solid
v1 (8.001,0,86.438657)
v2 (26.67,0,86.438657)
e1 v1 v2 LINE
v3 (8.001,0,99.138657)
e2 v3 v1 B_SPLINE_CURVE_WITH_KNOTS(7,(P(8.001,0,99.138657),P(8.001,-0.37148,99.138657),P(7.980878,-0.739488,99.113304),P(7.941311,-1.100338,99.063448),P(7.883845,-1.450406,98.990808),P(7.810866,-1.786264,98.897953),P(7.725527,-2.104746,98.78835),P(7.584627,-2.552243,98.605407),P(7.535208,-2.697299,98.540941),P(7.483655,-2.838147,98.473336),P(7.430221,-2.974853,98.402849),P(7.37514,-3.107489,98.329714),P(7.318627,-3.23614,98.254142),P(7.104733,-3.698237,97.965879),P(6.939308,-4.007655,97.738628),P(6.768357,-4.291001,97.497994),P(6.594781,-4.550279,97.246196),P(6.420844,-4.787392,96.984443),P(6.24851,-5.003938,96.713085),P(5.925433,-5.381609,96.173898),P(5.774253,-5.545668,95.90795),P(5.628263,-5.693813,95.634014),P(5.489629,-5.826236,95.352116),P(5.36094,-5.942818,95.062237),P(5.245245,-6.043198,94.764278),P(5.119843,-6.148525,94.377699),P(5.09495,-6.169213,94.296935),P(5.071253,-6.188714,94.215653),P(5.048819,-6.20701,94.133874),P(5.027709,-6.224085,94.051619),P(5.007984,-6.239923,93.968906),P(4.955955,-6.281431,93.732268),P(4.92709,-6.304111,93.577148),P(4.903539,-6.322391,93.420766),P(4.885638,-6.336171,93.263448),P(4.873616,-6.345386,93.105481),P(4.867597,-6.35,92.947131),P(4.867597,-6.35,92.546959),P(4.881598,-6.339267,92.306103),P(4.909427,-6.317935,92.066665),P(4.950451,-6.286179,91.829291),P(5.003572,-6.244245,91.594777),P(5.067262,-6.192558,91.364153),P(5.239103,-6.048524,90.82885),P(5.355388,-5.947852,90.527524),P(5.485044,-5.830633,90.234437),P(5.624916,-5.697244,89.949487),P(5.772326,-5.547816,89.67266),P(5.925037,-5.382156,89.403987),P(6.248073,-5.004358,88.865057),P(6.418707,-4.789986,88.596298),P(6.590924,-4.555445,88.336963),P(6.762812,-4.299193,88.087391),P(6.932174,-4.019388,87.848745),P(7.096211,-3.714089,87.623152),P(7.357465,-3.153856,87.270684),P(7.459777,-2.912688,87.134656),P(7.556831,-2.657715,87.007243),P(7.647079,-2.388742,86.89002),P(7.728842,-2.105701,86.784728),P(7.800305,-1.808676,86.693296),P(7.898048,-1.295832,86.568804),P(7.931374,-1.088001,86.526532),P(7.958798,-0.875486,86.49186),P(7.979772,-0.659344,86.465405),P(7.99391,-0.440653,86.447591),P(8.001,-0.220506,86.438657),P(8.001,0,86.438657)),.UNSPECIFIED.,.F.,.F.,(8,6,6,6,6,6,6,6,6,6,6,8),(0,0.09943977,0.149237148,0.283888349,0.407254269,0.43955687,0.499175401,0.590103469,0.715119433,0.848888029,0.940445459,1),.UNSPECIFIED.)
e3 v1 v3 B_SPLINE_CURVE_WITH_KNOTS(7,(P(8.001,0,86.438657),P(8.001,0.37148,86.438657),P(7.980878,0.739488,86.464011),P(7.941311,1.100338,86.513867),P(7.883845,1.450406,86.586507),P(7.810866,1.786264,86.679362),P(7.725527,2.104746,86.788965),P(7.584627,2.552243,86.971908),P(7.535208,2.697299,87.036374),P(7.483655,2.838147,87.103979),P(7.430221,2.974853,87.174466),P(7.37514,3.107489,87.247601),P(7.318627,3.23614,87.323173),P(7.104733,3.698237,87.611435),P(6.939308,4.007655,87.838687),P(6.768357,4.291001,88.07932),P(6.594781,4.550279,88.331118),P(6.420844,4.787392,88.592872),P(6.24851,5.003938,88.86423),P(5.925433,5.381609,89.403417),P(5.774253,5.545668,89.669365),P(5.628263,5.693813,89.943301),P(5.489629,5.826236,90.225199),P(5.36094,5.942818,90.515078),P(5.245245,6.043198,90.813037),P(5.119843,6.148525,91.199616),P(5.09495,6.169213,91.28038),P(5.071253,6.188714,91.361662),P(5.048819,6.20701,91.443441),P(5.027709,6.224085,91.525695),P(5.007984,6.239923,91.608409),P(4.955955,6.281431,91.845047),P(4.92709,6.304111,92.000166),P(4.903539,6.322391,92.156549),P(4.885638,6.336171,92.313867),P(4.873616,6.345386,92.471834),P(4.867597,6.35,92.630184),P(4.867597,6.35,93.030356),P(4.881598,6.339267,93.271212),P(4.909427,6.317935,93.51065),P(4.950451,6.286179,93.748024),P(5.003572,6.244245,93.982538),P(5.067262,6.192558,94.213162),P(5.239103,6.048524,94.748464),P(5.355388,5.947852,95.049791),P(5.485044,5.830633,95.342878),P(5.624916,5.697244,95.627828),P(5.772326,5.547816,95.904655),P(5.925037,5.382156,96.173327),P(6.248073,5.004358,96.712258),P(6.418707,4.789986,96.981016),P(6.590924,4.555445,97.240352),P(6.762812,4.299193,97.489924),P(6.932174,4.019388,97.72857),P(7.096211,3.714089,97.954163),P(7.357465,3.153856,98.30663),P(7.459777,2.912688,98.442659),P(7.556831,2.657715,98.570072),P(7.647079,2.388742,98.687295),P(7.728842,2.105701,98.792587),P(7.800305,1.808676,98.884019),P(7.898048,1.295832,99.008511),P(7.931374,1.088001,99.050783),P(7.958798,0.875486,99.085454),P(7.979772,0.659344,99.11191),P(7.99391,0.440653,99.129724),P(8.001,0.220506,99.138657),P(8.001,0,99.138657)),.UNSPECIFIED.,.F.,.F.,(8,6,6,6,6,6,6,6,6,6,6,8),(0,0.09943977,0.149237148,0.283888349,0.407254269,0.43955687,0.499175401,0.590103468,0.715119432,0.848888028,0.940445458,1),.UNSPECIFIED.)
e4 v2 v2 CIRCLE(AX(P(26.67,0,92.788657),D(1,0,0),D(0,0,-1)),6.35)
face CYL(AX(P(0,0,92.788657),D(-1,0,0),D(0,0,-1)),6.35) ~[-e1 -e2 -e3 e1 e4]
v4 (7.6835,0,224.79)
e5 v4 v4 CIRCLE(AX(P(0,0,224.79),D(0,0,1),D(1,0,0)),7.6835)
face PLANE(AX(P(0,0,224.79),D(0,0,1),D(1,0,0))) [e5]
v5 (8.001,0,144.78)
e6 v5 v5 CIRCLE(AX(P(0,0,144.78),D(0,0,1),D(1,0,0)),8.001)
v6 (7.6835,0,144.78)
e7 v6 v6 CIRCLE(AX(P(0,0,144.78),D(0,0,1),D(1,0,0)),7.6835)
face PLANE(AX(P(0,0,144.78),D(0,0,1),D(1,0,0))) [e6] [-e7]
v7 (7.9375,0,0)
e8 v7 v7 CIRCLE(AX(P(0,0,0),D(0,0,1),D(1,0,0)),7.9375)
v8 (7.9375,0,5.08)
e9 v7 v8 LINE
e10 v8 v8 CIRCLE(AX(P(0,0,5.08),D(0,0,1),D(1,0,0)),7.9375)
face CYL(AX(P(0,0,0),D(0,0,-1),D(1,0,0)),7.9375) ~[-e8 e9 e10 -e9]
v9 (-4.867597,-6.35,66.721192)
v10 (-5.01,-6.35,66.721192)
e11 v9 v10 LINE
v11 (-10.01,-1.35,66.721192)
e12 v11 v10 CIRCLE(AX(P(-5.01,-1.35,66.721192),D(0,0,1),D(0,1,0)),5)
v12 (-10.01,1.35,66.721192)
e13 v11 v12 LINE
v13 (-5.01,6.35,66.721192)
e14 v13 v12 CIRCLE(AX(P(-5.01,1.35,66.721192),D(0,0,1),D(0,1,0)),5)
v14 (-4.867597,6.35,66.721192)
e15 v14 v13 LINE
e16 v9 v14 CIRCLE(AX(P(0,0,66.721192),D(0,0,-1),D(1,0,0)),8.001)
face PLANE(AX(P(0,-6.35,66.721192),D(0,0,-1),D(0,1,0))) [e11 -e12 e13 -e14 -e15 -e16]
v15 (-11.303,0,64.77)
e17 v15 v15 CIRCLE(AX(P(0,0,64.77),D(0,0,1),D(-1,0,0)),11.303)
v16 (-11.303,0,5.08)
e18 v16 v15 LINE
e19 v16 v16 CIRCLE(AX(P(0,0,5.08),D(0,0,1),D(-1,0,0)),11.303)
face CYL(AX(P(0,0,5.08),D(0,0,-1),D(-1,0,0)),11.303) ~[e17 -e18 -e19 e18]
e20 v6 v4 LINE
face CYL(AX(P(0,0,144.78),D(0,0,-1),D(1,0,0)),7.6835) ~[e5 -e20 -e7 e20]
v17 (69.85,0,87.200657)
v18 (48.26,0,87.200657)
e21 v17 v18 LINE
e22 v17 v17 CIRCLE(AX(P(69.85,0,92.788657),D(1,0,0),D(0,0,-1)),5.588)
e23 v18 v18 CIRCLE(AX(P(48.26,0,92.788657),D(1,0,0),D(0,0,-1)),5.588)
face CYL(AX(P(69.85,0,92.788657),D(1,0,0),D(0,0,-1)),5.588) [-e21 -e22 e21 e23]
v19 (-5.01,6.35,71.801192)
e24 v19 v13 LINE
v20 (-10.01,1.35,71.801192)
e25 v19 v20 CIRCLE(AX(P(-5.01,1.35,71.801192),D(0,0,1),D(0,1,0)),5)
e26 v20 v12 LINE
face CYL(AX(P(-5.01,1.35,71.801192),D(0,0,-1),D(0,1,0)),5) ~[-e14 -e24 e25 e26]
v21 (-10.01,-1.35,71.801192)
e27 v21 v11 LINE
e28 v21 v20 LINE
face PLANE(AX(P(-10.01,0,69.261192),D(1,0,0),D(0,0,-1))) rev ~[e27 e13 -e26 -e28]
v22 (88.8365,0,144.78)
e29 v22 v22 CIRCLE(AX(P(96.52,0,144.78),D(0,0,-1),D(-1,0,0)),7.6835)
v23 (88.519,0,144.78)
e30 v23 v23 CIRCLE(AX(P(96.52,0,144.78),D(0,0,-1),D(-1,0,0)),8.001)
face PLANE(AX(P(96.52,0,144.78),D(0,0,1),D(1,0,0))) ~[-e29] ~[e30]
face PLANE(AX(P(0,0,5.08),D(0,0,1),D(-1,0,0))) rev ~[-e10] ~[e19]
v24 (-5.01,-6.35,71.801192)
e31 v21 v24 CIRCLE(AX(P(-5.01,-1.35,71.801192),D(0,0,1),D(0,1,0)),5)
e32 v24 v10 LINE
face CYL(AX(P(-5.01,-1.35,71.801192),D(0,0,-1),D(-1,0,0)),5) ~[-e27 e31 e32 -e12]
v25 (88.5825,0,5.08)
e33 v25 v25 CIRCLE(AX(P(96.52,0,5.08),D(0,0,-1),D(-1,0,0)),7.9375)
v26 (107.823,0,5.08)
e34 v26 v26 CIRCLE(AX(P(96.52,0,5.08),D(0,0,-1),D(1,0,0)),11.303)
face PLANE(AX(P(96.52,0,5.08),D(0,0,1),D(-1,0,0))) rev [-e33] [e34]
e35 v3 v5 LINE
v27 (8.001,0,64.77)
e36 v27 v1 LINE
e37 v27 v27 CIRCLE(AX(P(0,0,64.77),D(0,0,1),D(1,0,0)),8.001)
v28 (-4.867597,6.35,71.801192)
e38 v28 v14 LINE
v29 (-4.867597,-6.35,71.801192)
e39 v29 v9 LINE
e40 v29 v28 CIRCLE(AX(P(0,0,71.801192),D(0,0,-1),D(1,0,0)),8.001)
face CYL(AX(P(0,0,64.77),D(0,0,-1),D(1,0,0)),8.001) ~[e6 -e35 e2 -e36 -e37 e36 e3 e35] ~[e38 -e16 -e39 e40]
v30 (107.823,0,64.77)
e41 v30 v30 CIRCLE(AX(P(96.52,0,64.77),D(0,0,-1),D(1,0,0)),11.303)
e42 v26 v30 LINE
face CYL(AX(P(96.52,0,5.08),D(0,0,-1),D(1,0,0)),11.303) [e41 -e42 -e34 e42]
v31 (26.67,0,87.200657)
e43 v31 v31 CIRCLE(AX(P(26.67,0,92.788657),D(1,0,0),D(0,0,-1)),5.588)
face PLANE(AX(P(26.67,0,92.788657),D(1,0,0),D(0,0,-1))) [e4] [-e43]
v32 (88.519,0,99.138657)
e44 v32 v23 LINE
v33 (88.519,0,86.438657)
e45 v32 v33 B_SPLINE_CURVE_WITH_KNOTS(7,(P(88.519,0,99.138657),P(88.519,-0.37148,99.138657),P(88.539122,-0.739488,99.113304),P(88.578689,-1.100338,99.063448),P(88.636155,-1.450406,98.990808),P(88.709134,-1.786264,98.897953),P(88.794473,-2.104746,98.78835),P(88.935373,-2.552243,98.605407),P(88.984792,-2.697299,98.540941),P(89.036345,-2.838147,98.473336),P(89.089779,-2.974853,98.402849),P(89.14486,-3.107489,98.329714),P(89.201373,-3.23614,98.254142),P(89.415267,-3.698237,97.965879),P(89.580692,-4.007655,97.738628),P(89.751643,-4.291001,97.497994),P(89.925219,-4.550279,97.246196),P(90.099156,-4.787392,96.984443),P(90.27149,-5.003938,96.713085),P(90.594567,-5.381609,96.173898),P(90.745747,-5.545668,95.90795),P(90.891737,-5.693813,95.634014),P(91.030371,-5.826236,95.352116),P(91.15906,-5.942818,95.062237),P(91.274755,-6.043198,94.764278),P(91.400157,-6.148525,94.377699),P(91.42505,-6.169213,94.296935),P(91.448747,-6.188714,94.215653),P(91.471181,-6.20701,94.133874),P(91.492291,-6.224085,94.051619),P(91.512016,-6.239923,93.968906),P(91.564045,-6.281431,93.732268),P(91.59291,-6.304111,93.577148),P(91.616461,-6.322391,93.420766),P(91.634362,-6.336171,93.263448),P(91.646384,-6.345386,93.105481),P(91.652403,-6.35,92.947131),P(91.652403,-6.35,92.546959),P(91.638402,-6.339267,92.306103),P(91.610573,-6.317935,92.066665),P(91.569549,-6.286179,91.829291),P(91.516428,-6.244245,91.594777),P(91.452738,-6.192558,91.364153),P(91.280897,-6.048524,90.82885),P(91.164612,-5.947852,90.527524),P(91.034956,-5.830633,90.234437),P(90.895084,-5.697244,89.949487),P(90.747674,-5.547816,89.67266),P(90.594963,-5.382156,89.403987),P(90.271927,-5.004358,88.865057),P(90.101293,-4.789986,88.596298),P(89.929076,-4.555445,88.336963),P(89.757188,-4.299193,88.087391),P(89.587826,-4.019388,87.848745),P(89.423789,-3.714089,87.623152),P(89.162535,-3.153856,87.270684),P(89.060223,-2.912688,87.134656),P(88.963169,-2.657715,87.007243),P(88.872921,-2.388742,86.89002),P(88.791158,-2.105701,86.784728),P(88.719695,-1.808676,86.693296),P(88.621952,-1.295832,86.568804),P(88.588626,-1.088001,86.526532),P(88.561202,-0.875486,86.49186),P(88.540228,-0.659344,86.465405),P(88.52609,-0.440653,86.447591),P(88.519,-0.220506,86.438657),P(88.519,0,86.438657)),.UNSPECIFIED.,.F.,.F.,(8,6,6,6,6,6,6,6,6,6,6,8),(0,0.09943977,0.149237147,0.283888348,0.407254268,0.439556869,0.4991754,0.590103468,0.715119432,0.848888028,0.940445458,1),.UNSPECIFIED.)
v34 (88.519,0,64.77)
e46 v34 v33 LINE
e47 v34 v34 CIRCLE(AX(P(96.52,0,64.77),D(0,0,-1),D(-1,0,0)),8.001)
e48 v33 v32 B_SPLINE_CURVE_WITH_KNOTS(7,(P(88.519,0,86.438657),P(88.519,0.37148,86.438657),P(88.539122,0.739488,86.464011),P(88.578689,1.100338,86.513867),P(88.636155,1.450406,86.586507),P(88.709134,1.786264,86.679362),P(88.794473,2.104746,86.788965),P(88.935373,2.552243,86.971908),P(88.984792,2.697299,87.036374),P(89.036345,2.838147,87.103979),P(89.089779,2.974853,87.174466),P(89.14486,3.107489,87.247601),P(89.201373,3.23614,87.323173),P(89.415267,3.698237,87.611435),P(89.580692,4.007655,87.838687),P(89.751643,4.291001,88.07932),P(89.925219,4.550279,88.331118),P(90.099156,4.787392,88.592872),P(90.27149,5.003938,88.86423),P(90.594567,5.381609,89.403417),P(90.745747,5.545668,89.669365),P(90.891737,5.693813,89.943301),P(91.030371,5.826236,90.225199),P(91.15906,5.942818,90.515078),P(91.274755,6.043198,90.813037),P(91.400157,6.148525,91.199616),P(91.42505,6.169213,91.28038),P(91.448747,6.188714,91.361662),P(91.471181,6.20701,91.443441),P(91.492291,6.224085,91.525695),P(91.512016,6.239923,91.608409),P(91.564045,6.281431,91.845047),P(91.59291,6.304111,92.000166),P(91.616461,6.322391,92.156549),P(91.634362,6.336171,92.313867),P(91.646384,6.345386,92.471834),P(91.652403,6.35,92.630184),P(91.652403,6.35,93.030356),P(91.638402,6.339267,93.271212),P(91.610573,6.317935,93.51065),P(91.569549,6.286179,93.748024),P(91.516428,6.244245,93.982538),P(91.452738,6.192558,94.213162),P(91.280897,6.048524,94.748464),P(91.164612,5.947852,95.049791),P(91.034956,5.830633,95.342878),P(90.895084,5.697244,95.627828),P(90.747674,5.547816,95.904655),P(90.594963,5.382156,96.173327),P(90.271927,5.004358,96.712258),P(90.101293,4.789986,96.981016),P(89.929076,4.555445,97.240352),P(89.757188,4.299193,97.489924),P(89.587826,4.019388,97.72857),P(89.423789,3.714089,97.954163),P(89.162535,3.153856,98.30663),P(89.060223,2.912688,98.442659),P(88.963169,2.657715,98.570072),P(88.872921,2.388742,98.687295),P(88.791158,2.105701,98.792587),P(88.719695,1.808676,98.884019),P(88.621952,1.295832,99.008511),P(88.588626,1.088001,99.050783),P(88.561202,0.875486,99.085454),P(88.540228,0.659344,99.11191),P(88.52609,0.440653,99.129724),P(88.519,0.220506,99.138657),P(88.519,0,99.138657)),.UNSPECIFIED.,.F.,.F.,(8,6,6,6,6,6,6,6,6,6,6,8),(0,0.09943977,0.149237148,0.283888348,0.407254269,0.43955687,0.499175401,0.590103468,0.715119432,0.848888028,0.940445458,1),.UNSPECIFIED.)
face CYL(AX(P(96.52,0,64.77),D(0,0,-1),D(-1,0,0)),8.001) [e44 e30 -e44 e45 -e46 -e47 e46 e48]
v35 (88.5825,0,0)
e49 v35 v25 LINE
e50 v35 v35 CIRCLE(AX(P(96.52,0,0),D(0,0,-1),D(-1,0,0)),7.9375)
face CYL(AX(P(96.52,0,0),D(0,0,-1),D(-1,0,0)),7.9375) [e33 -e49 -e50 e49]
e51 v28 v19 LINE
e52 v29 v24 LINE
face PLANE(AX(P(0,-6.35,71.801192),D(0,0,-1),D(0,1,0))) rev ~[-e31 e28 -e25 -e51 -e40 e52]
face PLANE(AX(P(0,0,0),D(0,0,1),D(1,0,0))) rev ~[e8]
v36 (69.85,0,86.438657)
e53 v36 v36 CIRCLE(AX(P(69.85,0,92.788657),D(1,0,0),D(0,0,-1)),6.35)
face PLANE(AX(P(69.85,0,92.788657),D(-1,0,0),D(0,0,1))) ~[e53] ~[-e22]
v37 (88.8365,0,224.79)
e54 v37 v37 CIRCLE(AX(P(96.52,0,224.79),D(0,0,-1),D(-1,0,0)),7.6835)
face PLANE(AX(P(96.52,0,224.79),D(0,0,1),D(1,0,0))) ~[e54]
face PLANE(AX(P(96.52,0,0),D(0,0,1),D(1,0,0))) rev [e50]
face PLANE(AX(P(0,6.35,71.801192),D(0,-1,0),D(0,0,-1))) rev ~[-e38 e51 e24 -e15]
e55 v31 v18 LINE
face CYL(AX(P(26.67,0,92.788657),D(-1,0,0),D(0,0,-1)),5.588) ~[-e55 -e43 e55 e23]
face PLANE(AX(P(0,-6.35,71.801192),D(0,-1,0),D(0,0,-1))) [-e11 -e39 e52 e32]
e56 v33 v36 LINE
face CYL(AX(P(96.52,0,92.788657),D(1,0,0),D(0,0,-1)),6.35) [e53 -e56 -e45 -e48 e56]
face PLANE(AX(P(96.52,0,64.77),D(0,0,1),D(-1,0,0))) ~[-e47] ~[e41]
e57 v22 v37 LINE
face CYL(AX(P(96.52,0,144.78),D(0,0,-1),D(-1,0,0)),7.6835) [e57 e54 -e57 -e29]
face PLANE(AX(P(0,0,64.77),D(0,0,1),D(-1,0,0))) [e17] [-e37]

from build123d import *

# Parameters (mm, degrees)
SKETCH1_R           = 7.9375
BOSS_EXTRUDE1_DEPTH = 5.08
SKETCH2_R           = 11.303
BOSS_EXTRUDE2_DEPTH = 59.69
SKETCH3_R           = 8.001
BOSS_EXTRUDE3_DEPTH = 80.01
SKETCH4_R           = 7.6835
BOSS_EXTRUDE4_DEPTH = 80.01
SKETCH6_W           = 5.08
SKETCH6_H           = 12.7
BOSS_EXTRUDE5_DEPTH = 10.01
FILLET1_R           = 5
SKETCH7_R           = 6.35
BOSS_EXTRUDE6_DEPTH = 26.67
SKETCH8_R           = 5.588
BOSS_EXTRUDE7_DEPTH = 21.59


with BuildPart() as part:
    # Sketch1 → Boss-Extrude1 (new body)
    with BuildSketch(Plane.XY):
        Circle(SKETCH1_R)
    boss_extrude1 = extrude(amount=BOSS_EXTRUDE1_DEPTH)

    # Sketch2 → Boss-Extrude2 (add)
    with BuildSketch(Plane.XY.offset(5.08)):
        with Locations(Location((0, 0, 0), (0, 0, 180))):
            Circle(SKETCH2_R)
    boss_extrude2 = extrude(amount=BOSS_EXTRUDE2_DEPTH)

    # Sketch3 → Boss-Extrude3 (add)
    with BuildSketch(Plane.XY.offset(64.77)):
        Circle(SKETCH3_R)
    boss_extrude3 = extrude(amount=BOSS_EXTRUDE3_DEPTH)

    # Sketch4 → Boss-Extrude4 (add)
    with BuildSketch(Plane.XY.offset(144.78)):
        Circle(SKETCH4_R)
    boss_extrude4 = extrude(amount=BOSS_EXTRUDE4_DEPTH)

    # Sketch6 → Boss-Extrude5 (add)
    with BuildSketch(Plane(origin=(0, 0, 0), x_dir=(0, 0, -1), z_dir=(1, 0, 0))):
        with Locations((-69.261191794, 0)):
            Rectangle(SKETCH6_W, SKETCH6_H)
    extrude(amount=-BOSS_EXTRUDE5_DEPTH)

    # Fillet1
    fillet1_edges = [part.edges().sort_by_distance(p)[0] for p in [
        (-10.01, -6.35, 69.261191794),
        (-10.01, 6.35, 69.261191794),
    ]]
    fillet(fillet1_edges, radius=FILLET1_R)

    # Sketch7 → Boss-Extrude6 (add)
    with BuildSketch(Plane(origin=(0, 0, 0), x_dir=(0, 0, -1), z_dir=(1, 0, 0))):
        with Locations((-92.78865741, 0)):
            Circle(SKETCH7_R)
    boss_extrude6 = extrude(amount=BOSS_EXTRUDE6_DEPTH)

    # Sketch8 → Boss-Extrude7 (add)
    with BuildSketch(Plane(origin=(26.67, 0, 0), x_dir=(0, 0, -1), z_dir=(1, 0, 0))):
        with Locations((-92.78865741, 0)):
            Circle(SKETCH8_R)
    boss_extrude7 = extrude(amount=BOSS_EXTRUDE7_DEPTH)

    # Mirror2: Boss-Extrude1, Boss-Extrude2, Boss-Extrude3, Boss-Extrude4, Boss-Extrude6, Boss-Extrude7 across plane
    add(boss_extrude1.mirror(Plane(origin=(48.26, 0, 92.78865741), x_dir=(0, 0, 1), z_dir=(1, 0, 0))))
    add(boss_extrude2.mirror(Plane(origin=(48.26, 0, 92.78865741), x_dir=(0, 0, 1), z_dir=(1, 0, 0))))
    add(boss_extrude3.mirror(Plane(origin=(48.26, 0, 92.78865741), x_dir=(0, 0, 1), z_dir=(1, 0, 0))))
    add(boss_extrude4.mirror(Plane(origin=(48.26, 0, 92.78865741), x_dir=(0, 0, 1), z_dir=(1, 0, 0))))
    add(boss_extrude6.mirror(Plane(origin=(48.26, 0, 92.78865741), x_dir=(0, 0, 1), z_dir=(1, 0, 0))))
    add(boss_extrude7.mirror(Plane(origin=(48.26, 0, 92.78865741), x_dir=(0, 0, 1), z_dir=(1, 0, 0))))


solid = part.part
